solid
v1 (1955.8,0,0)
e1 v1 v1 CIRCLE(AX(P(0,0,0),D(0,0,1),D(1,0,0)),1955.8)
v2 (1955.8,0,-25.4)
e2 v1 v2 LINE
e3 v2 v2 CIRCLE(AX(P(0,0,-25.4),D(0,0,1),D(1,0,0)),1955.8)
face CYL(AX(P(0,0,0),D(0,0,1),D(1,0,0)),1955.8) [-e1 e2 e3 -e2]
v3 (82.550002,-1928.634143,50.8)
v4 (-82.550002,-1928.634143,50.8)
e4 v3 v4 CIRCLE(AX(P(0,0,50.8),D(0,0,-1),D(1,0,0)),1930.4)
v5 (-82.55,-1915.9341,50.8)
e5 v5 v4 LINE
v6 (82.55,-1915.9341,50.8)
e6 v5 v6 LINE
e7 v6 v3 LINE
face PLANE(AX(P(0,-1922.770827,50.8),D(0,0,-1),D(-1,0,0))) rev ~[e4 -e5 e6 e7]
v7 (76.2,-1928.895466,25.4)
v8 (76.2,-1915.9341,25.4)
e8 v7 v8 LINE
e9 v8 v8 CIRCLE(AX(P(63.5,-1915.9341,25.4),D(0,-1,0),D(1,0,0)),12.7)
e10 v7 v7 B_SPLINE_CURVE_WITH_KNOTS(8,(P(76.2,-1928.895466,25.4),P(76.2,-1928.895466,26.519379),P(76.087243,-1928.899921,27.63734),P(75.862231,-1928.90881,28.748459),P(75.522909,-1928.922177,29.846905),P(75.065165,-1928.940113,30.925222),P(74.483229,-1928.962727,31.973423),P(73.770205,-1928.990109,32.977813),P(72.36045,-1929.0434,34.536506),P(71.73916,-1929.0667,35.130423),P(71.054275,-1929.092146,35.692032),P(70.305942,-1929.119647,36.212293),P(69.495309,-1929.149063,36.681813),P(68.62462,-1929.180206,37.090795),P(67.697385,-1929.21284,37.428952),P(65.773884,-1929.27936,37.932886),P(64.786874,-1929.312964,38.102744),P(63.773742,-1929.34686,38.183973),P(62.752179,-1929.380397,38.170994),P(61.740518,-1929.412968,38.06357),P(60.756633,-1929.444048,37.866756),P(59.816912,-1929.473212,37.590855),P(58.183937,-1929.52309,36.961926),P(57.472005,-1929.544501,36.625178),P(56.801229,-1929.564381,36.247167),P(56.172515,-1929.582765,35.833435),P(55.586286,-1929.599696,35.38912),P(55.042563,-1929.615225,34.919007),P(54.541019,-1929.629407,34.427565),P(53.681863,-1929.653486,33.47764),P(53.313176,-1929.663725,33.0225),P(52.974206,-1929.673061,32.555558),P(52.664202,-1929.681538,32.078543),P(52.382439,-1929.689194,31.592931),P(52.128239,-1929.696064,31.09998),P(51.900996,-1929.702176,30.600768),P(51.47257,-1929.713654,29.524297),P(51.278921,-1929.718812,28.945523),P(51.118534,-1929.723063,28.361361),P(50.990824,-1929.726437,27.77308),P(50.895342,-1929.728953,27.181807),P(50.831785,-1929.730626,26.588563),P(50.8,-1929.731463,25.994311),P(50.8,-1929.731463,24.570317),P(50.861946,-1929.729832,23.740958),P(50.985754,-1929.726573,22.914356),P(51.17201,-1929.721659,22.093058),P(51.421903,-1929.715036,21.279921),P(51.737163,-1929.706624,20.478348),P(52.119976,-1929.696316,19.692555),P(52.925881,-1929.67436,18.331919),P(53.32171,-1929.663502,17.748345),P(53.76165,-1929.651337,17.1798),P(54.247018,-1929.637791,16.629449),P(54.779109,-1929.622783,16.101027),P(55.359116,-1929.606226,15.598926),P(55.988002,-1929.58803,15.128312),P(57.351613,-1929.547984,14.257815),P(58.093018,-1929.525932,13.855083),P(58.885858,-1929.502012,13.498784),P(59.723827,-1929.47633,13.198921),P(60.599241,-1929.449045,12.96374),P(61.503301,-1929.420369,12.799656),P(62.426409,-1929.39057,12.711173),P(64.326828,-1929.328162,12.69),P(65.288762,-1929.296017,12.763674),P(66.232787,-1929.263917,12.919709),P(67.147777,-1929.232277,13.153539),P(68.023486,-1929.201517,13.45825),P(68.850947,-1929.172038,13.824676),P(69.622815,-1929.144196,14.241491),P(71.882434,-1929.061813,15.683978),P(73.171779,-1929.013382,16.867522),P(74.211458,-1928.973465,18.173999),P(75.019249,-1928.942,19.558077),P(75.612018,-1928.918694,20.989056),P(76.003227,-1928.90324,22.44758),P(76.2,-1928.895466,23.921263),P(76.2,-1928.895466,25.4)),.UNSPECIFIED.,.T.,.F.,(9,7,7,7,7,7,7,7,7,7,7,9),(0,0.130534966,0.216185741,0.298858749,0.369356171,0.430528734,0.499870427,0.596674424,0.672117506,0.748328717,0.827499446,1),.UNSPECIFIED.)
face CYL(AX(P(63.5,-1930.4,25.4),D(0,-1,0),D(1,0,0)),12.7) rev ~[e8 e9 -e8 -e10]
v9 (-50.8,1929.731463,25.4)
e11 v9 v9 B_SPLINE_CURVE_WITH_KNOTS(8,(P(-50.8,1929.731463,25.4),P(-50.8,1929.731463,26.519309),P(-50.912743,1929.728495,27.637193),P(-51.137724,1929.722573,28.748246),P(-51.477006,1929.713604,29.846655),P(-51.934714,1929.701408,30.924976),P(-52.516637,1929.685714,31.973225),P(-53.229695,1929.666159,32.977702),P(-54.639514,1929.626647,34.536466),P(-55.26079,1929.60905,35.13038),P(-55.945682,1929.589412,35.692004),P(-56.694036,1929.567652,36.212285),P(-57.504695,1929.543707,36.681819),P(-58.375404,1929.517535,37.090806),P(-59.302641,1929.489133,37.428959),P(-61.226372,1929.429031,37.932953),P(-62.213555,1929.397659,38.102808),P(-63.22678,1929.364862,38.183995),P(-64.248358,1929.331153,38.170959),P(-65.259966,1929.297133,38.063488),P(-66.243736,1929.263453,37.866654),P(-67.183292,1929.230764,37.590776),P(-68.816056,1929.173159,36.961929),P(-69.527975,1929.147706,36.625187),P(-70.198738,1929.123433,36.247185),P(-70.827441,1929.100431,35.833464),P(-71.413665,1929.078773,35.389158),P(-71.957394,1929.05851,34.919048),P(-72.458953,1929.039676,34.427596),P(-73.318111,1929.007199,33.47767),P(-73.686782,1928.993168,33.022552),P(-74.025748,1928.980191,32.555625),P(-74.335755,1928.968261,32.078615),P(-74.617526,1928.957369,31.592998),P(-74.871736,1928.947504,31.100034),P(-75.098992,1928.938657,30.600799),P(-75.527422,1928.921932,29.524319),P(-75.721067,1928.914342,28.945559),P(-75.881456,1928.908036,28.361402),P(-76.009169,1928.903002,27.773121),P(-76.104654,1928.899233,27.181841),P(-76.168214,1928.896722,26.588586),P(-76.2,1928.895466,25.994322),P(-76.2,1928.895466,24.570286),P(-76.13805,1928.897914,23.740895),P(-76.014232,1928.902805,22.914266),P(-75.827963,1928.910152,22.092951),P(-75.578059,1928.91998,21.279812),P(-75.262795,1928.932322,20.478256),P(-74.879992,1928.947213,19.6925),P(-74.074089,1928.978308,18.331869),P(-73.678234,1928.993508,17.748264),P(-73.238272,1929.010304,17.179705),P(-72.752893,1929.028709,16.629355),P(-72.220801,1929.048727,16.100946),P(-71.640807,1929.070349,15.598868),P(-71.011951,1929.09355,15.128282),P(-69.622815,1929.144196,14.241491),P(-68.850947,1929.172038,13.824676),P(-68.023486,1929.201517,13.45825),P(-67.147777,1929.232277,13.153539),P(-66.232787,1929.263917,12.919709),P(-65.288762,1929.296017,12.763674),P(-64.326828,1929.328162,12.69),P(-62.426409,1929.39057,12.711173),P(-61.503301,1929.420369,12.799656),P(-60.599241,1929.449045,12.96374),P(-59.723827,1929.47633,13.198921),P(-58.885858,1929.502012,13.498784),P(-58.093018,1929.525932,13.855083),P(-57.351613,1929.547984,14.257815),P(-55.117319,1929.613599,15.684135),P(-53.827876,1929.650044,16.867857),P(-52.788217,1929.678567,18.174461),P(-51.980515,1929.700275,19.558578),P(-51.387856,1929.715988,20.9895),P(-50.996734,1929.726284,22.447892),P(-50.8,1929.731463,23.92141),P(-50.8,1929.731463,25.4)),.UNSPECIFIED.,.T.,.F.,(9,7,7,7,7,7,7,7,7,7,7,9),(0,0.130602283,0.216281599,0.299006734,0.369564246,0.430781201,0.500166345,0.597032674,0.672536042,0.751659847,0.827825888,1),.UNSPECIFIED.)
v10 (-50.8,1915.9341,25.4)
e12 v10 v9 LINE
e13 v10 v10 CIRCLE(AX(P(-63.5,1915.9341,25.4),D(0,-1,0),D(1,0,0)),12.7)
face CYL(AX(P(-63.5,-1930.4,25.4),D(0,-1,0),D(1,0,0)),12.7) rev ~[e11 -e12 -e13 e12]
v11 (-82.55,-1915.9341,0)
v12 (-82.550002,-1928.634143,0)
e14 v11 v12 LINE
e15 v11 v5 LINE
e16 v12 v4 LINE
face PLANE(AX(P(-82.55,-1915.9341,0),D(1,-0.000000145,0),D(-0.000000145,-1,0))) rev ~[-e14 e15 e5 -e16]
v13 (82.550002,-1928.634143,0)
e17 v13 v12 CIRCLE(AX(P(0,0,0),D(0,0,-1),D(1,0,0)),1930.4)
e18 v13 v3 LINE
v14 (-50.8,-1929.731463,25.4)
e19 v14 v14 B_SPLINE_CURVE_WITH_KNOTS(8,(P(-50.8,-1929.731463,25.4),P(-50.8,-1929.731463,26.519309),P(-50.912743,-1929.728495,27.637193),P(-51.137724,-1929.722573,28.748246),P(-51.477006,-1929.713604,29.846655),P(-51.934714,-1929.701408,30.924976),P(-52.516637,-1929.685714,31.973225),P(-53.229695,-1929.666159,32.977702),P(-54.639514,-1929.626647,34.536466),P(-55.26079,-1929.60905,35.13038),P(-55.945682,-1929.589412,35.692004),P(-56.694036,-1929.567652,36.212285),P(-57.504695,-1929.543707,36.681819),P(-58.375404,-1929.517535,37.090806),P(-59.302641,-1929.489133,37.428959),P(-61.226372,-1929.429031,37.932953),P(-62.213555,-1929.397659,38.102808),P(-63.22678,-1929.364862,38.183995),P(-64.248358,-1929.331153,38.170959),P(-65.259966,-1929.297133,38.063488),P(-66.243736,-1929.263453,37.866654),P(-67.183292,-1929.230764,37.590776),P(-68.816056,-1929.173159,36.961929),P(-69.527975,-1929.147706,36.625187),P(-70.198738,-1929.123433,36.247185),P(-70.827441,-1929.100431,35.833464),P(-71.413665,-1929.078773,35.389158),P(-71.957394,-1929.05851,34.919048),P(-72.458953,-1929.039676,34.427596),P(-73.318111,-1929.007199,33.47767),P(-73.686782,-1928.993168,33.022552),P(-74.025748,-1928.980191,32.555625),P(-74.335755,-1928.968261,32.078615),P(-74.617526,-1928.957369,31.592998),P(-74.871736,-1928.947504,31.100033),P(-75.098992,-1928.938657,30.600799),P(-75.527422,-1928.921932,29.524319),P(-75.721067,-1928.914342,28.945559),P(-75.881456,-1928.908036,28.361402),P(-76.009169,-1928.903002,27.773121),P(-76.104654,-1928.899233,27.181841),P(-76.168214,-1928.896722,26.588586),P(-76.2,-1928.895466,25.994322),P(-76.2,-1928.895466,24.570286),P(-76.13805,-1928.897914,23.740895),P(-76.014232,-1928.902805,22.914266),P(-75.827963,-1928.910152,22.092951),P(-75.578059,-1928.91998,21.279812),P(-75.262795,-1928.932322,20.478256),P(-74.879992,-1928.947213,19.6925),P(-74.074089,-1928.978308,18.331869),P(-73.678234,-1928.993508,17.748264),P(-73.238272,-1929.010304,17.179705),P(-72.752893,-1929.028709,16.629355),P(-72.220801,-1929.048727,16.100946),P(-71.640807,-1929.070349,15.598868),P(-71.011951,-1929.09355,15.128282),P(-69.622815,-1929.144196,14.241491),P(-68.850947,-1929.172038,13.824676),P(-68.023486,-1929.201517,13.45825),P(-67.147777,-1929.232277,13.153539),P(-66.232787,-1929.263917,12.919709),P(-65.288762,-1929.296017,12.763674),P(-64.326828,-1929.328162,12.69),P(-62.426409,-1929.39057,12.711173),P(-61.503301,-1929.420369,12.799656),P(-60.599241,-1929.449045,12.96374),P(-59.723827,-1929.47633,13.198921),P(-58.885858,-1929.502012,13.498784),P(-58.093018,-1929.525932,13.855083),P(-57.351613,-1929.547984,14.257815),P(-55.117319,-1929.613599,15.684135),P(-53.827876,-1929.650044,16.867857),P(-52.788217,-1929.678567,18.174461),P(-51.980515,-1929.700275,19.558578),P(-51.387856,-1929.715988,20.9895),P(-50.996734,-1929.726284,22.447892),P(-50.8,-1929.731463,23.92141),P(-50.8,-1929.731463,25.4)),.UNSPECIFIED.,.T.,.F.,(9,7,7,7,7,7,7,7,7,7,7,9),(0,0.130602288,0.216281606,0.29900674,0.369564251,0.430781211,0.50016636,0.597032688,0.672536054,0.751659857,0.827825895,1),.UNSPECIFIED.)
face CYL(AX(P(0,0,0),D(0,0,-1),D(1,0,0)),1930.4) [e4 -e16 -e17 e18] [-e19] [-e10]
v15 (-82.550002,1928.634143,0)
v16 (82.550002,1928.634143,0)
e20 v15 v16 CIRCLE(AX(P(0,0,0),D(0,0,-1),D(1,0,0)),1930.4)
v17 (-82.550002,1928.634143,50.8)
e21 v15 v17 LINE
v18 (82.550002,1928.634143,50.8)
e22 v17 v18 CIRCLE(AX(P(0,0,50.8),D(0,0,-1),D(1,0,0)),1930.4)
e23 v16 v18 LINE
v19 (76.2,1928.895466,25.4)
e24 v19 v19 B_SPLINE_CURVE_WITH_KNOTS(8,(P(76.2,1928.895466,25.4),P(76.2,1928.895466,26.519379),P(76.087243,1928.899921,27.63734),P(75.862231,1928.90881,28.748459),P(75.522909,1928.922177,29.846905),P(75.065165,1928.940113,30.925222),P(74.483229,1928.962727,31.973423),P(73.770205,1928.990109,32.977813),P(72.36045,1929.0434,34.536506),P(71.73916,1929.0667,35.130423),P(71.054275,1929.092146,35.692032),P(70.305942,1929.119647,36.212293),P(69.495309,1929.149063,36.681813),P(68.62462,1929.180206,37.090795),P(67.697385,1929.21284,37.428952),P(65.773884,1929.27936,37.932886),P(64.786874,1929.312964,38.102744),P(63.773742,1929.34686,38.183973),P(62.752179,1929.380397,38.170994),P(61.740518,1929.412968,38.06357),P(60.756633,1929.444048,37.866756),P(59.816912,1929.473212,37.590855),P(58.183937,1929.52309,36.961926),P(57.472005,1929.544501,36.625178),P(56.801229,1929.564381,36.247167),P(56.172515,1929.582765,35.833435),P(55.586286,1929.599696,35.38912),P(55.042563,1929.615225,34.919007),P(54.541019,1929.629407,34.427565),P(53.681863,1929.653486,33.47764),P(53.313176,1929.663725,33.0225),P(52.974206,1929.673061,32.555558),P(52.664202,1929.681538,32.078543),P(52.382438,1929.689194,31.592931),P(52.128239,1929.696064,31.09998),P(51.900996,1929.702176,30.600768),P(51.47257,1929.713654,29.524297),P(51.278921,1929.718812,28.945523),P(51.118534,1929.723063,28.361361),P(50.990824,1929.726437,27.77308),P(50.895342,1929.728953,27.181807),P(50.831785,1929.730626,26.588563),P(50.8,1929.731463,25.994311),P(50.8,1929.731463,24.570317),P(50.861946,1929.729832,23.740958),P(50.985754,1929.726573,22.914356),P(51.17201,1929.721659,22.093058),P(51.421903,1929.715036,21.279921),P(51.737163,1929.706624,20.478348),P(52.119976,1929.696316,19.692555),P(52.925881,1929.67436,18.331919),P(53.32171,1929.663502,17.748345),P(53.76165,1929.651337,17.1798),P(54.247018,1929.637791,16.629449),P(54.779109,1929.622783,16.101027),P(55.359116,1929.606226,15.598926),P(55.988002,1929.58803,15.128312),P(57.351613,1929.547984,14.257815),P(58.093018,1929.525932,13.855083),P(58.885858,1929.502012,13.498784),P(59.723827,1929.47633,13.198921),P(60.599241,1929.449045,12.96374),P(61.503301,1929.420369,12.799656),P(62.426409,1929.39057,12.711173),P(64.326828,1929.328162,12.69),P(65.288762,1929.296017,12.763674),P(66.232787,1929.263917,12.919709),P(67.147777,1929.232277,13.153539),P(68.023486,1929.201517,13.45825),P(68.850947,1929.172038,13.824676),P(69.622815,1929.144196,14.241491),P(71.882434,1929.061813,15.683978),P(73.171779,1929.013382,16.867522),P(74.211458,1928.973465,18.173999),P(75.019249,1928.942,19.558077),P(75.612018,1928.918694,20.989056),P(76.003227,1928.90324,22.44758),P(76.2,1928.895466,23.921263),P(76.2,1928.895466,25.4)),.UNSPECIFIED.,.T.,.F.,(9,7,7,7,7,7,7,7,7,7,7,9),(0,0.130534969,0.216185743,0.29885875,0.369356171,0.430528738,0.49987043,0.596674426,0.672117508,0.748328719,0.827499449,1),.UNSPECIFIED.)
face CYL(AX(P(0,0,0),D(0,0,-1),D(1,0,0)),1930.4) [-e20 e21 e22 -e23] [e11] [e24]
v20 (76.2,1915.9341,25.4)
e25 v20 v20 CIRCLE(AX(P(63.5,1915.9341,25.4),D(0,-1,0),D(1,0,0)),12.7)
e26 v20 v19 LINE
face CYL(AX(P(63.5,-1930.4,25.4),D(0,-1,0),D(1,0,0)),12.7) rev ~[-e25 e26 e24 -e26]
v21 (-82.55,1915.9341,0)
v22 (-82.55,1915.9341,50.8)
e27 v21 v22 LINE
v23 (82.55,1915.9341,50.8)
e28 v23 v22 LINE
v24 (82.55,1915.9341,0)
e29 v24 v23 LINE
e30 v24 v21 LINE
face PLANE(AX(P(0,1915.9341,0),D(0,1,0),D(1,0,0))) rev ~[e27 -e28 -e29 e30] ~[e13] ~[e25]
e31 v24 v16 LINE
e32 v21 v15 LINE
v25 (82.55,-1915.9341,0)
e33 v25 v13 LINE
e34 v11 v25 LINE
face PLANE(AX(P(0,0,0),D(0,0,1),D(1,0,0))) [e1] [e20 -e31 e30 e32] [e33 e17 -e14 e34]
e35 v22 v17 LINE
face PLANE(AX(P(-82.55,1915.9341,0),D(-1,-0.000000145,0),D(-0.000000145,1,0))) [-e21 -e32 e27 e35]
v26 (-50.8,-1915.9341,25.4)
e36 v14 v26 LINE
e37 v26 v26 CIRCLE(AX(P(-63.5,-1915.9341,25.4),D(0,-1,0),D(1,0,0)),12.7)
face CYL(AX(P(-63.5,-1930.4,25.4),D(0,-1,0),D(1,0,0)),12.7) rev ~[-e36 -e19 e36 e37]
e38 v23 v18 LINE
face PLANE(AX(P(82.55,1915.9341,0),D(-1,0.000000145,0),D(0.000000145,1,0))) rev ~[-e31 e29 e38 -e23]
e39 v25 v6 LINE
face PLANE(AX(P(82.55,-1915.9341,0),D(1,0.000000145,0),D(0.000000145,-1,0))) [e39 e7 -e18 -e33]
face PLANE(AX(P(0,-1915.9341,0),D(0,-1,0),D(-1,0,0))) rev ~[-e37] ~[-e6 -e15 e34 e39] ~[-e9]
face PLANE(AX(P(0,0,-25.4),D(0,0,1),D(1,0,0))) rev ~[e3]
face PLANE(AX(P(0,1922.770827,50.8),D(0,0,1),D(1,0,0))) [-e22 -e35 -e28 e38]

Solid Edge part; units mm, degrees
sketch "Sketch1" plane through (0, 0, 0) normal (0, 0, 1) x (1, 0, 0)
  circle A0 centre (0, 0) radius 1955.8
extrude "Protrusion1" add sketch "Sketch1" against normal blind 25.4
sketch "Sketch2" plane through (0, 0, 0) normal (0, 0, 1) x (1, 0, 0)
  line L0 (0, -1915.9341) -> (82.55, -1915.9341)
  line L1 (82.55, -1915.9341) -> (82.55, -1928.6341)
  line L2 (-82.55, -1915.9341) -> (-82.55, -1928.6341)
  line L3 (0, -1915.9341) -> (-82.55, -1915.9341)
  arc A0 (82.55, -1928.6341) -> (-82.55, -1928.6341) centre (0, 0) cw
  line L4 (0, 1915.9341) -> (82.55, 1915.9341)
  line L5 (82.55, 1915.9341) -> (82.55, 1928.6341)
  arc A1 (-82.55, 1928.6341) -> (82.55, 1928.6341) centre (0, 0) cw
  line L6 (-82.55, 1915.9341) -> (-82.55, 1928.6341)
  line L7 (0, 1915.9341) -> (-82.55, 1915.9341)
extrude "ExtrudedProtrusion_2" add sketch "Sketch2" along normal blind 50.8
sketch "Sketch3" plane through (0, -1930.4, 0) normal (0, -1, 0) x (1, 0, 0)
  circle A0 centre (-63.5, 25.4) radius 12.7
  circle A1 centre (63.5, 25.4) radius 12.7
  dimension "D1" = 25.4
  dimension "D2" = 25.4
  dimension "D3" = 127
  dimension "D4" = 63.5
  dimension "D5" = 25.4
extrude "Cutout1" cut sketch "Sketch3" against normal through all
